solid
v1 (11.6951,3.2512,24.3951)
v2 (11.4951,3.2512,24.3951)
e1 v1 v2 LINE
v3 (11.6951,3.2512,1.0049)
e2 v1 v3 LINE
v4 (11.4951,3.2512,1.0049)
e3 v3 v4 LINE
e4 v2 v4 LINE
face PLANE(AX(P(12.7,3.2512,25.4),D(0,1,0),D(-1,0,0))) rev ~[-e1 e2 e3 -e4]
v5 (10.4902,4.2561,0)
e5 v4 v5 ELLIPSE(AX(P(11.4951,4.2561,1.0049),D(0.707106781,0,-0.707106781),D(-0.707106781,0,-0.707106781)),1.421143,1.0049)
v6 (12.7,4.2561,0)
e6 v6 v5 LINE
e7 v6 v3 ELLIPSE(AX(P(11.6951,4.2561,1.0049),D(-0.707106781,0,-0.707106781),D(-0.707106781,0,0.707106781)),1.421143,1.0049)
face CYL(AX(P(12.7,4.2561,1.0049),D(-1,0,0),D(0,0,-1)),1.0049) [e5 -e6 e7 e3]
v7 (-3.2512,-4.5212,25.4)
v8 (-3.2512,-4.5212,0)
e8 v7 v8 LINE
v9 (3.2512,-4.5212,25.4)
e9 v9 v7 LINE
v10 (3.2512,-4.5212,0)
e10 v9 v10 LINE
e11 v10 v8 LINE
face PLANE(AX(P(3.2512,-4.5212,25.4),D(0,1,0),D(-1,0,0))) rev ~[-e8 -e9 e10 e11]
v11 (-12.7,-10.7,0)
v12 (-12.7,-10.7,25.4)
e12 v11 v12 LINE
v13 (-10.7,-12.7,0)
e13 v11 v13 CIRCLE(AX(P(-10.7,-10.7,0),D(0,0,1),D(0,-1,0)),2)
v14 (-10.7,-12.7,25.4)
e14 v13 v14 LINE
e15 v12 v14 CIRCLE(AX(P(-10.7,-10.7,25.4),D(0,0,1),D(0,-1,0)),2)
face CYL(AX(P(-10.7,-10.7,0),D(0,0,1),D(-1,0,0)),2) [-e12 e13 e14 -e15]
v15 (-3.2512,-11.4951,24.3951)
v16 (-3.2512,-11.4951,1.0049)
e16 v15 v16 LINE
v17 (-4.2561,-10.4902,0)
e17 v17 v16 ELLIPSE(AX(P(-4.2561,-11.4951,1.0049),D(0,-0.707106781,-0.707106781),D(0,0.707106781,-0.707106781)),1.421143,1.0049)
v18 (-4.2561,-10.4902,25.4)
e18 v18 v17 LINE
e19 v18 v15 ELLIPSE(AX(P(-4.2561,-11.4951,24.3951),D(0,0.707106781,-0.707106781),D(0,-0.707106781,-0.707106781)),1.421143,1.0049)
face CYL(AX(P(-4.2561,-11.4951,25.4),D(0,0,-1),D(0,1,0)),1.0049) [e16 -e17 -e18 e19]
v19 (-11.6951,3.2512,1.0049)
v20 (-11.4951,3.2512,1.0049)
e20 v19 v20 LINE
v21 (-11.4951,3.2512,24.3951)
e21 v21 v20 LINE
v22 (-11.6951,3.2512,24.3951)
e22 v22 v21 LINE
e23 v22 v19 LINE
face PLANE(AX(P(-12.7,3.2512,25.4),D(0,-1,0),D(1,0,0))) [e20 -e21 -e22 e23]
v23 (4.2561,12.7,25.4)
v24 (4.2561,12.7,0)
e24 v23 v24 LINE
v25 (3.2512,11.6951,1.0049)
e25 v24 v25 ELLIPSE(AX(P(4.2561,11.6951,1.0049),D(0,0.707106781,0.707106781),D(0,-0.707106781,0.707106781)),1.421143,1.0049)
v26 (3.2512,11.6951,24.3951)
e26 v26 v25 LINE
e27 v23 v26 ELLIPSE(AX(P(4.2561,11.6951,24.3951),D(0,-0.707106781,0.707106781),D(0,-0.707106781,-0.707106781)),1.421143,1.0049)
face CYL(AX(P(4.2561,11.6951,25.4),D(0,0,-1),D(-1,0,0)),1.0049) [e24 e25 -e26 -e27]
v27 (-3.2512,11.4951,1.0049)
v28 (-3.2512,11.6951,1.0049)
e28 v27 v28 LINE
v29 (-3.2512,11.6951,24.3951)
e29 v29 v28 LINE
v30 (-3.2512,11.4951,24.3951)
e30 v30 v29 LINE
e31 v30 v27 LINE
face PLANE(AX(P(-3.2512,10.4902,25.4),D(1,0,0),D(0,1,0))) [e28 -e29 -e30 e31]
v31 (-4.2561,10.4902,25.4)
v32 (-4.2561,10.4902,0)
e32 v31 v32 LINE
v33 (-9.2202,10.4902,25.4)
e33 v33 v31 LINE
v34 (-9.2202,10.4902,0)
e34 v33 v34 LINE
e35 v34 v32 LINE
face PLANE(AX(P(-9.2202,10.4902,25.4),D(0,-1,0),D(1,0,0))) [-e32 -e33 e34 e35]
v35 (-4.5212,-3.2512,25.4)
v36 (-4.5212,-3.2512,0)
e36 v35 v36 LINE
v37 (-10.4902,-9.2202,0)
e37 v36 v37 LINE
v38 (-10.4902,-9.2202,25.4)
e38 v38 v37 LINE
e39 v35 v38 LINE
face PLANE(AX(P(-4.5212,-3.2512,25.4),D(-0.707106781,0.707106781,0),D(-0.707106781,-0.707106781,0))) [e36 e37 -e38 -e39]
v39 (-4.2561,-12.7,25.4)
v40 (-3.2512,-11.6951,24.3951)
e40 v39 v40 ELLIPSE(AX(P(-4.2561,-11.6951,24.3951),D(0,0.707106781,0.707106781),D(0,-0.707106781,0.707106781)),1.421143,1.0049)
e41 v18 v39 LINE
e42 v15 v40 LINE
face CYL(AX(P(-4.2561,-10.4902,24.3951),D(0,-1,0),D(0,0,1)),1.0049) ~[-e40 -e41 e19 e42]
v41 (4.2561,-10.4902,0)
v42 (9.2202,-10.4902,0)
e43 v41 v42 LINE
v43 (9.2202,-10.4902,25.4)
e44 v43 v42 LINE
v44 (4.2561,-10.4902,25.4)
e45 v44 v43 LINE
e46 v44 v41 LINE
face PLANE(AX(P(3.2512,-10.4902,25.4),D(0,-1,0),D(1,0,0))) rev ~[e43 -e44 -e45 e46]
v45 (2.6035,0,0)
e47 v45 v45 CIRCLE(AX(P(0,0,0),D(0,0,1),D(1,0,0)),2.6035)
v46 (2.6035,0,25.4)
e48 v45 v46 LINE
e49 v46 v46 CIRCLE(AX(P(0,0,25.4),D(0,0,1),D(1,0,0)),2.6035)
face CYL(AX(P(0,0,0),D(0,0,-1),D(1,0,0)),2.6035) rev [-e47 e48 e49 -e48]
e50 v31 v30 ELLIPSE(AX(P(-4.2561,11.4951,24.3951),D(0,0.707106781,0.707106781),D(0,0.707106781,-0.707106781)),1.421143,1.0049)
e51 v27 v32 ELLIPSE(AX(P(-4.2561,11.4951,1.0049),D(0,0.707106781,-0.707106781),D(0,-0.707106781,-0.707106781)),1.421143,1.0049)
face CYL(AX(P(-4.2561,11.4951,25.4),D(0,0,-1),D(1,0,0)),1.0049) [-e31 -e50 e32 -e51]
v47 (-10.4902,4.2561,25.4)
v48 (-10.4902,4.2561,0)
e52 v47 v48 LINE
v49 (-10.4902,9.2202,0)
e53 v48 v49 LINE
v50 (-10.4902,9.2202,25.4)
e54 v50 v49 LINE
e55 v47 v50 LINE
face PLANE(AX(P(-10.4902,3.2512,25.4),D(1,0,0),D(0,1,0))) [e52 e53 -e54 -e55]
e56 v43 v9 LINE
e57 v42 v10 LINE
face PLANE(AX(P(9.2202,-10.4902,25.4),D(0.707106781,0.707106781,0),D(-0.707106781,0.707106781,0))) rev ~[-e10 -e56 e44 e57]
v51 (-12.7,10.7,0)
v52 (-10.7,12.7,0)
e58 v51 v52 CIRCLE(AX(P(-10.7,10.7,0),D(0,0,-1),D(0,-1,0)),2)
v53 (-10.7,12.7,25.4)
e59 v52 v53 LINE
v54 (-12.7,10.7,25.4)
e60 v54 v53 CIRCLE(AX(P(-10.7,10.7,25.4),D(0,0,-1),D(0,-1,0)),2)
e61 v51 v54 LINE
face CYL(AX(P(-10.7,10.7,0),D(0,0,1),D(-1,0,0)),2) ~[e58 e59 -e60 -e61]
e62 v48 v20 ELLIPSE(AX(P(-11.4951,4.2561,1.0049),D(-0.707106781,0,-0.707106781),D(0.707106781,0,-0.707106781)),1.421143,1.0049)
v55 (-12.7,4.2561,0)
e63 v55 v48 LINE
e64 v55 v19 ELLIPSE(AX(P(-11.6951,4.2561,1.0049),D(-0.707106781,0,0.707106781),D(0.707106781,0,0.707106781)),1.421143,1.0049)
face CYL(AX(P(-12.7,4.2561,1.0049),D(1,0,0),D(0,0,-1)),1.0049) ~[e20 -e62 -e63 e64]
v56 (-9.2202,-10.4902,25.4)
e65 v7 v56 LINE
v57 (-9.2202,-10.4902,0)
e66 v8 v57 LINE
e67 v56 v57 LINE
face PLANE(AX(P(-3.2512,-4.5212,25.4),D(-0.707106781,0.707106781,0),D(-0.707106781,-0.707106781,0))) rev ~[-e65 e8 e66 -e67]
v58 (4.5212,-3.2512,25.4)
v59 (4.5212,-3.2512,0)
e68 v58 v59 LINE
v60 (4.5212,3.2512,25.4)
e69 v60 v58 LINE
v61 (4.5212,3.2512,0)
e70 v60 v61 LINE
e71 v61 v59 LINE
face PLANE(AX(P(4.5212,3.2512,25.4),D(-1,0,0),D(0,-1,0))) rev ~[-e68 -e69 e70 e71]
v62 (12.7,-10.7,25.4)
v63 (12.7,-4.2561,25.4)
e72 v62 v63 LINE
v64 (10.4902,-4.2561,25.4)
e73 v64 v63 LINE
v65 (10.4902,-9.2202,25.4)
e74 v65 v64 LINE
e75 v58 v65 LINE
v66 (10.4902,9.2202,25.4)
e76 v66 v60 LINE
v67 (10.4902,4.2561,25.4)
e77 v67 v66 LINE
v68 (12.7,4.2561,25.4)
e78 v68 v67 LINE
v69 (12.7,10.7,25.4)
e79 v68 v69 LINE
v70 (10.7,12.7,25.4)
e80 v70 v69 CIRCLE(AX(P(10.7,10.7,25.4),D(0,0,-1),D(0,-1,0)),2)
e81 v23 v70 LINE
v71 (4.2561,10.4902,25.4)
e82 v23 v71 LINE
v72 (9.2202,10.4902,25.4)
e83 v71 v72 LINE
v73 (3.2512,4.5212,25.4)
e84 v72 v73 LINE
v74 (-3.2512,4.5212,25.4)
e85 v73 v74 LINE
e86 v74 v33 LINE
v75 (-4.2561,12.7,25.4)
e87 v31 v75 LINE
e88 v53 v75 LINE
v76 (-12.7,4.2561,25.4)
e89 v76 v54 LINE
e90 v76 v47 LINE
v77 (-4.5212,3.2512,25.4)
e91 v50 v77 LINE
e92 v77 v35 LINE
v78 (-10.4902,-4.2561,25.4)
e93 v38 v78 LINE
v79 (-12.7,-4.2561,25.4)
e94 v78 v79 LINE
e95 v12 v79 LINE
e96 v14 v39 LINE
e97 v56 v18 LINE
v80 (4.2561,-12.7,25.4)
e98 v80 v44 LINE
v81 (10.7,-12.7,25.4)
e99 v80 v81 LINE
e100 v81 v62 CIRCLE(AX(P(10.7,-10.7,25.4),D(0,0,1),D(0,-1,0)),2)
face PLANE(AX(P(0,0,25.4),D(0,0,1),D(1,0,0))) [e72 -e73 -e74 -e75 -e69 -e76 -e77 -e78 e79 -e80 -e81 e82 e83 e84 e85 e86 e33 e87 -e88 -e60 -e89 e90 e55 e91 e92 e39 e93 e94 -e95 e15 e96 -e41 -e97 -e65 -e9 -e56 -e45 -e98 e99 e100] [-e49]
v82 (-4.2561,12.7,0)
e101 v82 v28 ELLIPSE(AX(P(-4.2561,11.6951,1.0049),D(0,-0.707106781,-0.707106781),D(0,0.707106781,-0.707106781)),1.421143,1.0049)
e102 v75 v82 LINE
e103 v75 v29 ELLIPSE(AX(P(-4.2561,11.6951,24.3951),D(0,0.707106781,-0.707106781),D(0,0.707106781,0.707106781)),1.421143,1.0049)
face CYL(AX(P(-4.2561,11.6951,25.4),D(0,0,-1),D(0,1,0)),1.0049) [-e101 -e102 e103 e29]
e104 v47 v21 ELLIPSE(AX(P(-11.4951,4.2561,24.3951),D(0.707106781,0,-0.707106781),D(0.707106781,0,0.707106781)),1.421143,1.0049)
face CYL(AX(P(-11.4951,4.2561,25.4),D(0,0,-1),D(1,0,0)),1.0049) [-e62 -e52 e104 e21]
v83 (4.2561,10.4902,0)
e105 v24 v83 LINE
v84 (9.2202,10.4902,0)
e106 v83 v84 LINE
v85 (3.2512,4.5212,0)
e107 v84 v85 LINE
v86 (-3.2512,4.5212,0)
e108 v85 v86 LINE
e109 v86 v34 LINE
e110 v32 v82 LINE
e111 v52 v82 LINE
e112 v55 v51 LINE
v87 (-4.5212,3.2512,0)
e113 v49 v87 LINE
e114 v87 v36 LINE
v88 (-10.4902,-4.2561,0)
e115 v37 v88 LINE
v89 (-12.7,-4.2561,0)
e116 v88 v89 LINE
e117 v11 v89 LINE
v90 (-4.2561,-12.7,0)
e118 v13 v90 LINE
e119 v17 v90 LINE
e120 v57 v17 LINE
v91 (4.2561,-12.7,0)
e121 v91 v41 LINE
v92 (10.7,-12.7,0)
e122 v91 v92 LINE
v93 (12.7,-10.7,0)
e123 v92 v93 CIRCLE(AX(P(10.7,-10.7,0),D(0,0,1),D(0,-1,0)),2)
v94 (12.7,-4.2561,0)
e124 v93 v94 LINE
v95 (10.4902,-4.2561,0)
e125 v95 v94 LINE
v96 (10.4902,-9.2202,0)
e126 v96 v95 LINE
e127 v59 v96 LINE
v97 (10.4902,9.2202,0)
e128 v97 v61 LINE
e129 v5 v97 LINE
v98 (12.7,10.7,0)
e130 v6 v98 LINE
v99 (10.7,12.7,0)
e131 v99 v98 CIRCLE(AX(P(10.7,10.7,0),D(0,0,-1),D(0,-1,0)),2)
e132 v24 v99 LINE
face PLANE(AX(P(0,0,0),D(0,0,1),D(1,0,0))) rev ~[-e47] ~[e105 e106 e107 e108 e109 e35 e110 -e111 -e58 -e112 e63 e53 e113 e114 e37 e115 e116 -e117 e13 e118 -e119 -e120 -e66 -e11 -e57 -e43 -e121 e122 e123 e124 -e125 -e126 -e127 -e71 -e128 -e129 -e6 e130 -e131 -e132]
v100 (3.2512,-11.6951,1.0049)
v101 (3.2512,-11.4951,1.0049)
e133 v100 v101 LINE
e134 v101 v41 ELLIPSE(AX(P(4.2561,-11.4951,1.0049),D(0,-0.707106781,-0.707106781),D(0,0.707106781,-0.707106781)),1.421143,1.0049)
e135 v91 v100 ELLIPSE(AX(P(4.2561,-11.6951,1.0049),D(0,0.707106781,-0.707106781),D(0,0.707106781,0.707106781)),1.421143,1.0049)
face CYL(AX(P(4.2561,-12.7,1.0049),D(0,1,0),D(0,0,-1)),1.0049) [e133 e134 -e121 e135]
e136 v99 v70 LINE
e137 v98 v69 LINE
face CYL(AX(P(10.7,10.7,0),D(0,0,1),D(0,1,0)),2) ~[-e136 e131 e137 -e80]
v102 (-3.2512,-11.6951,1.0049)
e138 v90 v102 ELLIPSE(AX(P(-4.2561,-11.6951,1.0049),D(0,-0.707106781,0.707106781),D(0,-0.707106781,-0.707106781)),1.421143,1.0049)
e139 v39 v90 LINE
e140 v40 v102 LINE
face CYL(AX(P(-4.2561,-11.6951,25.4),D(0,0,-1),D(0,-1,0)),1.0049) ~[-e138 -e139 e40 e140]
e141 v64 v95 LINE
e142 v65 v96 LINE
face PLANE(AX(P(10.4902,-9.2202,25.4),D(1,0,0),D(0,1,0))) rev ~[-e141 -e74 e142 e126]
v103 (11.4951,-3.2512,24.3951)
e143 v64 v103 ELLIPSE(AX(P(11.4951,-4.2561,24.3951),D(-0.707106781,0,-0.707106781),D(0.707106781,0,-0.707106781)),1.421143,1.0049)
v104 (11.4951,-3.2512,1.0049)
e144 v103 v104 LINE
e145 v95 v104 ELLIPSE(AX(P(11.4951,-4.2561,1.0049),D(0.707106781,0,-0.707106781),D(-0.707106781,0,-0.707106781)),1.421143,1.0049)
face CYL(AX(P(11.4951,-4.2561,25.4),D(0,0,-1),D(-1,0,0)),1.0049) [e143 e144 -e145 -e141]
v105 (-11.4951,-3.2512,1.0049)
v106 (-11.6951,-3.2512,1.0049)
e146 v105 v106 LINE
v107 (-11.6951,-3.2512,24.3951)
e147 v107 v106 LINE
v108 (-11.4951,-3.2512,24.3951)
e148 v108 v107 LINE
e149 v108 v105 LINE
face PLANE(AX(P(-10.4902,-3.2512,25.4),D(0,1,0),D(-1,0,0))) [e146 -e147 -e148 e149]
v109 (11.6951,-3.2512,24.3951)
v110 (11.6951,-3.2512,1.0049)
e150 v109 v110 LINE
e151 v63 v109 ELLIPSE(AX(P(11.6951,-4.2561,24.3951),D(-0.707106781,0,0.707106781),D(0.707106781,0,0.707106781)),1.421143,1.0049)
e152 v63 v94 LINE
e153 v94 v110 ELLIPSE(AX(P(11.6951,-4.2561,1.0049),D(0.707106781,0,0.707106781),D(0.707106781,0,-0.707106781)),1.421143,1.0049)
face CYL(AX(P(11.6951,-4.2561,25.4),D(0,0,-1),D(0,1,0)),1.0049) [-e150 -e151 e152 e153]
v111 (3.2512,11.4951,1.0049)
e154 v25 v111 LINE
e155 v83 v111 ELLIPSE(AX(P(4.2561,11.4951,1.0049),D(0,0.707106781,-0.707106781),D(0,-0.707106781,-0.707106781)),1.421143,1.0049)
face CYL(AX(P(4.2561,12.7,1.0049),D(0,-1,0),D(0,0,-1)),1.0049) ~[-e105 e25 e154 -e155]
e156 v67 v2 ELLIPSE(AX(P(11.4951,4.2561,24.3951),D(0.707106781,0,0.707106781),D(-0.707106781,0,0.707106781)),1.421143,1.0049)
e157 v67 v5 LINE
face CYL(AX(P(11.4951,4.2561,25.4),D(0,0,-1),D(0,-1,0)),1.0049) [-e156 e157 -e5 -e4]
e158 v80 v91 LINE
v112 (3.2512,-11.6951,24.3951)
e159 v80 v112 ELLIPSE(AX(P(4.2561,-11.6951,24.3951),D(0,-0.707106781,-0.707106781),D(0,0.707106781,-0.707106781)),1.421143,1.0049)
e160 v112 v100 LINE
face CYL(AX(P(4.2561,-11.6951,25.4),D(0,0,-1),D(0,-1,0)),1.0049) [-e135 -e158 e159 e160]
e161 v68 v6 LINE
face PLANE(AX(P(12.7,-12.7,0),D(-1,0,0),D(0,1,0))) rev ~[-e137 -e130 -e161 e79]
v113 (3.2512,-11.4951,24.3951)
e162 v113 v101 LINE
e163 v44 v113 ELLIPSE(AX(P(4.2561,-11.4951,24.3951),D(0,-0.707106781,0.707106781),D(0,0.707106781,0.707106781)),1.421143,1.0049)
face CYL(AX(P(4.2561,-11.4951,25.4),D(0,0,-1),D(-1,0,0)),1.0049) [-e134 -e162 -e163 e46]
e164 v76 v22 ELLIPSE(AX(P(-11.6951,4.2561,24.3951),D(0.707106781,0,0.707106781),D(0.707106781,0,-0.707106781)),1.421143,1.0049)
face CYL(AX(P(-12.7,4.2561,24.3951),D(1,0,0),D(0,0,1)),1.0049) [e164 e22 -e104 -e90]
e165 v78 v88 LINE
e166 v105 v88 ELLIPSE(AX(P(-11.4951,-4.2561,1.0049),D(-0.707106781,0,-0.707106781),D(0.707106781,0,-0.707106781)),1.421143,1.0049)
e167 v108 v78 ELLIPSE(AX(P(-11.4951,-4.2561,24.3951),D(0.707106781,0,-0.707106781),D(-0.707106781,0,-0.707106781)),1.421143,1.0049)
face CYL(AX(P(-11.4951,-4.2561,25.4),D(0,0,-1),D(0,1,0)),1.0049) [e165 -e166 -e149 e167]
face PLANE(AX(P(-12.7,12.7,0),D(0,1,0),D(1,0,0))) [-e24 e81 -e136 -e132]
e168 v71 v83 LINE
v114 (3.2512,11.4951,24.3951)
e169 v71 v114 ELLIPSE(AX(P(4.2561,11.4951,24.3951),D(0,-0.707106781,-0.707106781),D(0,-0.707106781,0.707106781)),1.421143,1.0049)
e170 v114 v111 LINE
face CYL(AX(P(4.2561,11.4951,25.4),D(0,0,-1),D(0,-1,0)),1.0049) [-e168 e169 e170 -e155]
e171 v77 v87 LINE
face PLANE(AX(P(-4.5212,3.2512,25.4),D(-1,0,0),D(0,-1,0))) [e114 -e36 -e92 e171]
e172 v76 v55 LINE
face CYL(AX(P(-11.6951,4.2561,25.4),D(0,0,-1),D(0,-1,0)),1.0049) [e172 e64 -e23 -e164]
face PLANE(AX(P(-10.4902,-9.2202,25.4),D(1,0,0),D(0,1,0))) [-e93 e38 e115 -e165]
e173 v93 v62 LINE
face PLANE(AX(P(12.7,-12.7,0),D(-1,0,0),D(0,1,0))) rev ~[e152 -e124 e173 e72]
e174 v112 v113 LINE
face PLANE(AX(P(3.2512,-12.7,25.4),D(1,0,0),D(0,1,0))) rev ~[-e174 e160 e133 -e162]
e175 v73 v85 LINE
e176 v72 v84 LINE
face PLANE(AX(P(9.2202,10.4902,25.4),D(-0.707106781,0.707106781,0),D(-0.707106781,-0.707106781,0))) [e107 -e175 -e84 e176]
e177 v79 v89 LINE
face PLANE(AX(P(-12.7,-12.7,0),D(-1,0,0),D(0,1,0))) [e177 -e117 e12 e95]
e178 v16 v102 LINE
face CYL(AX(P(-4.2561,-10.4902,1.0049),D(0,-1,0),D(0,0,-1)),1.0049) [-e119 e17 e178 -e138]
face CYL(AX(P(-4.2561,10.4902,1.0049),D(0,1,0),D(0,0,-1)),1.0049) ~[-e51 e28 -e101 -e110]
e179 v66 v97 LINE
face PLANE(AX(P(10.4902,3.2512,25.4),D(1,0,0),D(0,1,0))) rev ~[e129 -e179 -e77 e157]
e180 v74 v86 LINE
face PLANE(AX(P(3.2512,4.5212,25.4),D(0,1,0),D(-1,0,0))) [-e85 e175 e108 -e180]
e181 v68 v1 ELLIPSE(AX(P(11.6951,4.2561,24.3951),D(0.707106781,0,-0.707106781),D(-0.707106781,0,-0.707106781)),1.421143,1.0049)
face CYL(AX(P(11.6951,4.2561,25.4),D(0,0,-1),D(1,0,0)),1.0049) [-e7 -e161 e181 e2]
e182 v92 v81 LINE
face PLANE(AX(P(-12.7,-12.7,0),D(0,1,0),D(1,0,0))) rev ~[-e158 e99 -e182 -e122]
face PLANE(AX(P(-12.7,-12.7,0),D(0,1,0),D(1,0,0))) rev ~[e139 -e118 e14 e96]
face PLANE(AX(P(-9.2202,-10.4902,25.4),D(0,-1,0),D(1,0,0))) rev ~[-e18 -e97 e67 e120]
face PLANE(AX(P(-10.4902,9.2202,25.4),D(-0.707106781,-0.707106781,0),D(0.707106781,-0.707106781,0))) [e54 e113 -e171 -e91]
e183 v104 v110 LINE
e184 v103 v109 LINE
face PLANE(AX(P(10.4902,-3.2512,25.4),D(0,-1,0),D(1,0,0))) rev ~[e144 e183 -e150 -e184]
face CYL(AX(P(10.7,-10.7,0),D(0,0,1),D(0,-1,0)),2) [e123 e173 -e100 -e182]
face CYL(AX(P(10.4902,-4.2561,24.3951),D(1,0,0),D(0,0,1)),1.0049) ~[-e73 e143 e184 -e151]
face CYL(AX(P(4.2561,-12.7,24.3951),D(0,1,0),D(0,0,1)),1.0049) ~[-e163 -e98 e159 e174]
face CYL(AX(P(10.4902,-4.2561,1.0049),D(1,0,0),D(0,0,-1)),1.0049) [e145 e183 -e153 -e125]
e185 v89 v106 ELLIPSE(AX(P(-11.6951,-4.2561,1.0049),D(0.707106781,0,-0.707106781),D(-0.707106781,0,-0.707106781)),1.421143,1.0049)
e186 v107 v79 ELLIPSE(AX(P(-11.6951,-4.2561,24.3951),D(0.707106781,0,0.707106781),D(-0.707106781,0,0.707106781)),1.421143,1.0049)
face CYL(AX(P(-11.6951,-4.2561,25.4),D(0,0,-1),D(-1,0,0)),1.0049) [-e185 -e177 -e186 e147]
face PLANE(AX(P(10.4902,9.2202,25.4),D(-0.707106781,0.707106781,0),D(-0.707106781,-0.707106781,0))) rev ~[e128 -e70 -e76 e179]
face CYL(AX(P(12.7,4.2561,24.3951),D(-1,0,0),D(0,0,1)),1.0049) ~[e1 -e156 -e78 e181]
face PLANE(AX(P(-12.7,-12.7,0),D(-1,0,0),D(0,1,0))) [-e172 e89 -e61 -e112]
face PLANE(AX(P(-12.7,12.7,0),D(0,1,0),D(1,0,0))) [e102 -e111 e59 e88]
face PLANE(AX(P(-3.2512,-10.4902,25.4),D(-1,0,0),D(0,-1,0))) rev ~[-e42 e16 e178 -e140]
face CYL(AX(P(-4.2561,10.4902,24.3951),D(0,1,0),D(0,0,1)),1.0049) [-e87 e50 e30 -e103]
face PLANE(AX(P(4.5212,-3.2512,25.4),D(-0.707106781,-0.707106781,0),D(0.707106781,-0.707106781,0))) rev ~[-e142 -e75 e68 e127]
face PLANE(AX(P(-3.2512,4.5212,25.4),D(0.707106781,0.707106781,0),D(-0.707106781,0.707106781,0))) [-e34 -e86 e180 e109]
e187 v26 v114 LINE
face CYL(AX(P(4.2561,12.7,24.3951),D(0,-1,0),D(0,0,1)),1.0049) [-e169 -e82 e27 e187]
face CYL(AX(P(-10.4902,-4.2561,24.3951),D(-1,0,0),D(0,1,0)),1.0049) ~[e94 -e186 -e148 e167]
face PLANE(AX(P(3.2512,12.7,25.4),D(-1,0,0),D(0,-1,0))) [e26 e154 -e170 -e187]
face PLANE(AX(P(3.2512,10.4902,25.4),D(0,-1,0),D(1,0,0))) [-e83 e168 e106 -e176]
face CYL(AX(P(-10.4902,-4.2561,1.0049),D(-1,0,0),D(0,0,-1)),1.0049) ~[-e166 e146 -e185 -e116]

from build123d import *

# Parameters (mm, degrees)
SKETCH_W     = 25.4
SKETCH_H     = 25.4
SKETCH_R     = 2.6035
PAD_DEPTH    = 25.4
POCKET_DEPTH = 25.401
FILLET_R     = 1.0049
FILLET001_R  = 2


with BuildPart() as part:
    # Sketch → Pad (new body)
    with BuildSketch(Plane.XY):
        Rectangle(SKETCH_W, SKETCH_H)
        Circle(SKETCH_R, mode=Mode.SUBTRACT)
    extrude(amount=PAD_DEPTH)

    # Sketch001 (on Face7 of Pad) → Pocket (cut, through all)
    with BuildSketch(Plane.XY.offset(25.4)):
        Polygon((-3.2512, 12.7), (3.2512, 12.7), (3.2512, 10.4902), (9.2202, 10.4902), (3.2512, 4.5212), (-3.2512, 4.5212), (-9.2202, 10.4902), (-3.2512, 10.4902), align=None)
        Polygon((-4.5212, 3.2512), (-4.5212, -3.2512), (-10.4902, -9.2202), (-10.4902, -3.2512), (-12.7, -3.2512), (-12.7, 3.2512), (-10.4902, 3.2512), (-10.4902, 9.2202), align=None)
        Polygon((4.5212, 3.2512), (4.5212, -3.2512), (10.4902, -9.2202), (10.4902, -3.2512), (12.7, -3.2512), (12.7, 3.2512), (10.4902, 3.2512), (10.4902, 9.2202), align=None)
        Polygon((3.2512, -4.5212), (-3.2512, -4.5212), (-9.2202, -10.4902), (-3.2512, -10.4902), (-3.2512, -12.7), (3.2512, -12.7), (3.2512, -10.4902), (9.2202, -10.4902), align=None)
    extrude(amount=-POCKET_DEPTH, mode=Mode.SUBTRACT)

    # Fillet
    fillet_edges = [part.edges().sort_by_distance(p)[0] for p in [
        (-11.5951, 3.2512, 25.4),
        (-10.4902, 3.2512, 12.7),
        (-11.5951, 3.2512, 0),
        (-12.7, 3.2512, 12.7),
        (11.5951, 3.2512, 25.4),
        (10.4902, 3.2512, 12.7),
        (11.5951, 3.2512, 0),
        (12.7, 3.2512, 12.7),
        (11.5951, -3.2512, 25.4),
        (10.4902, -3.2512, 12.7),
        (11.5951, -3.2512, 0),
        (12.7, -3.2512, 12.7),
        (-11.5951, -3.2512, 25.4),
        (-10.4902, -3.2512, 12.7),
        (-11.5951, -3.2512, 0),
        (-12.7, -3.2512, 12.7),
        (-3.2512, 11.5951, 25.4),
        (-3.2512, 10.4902, 12.7),
        (-3.2512, 11.5951, 0),
        (-3.2512, 12.7, 12.7),
        (3.2512, 11.5951, 25.4),
        (3.2512, 10.4902, 12.7),
        (3.2512, 11.5951, 0),
        (3.2512, 12.7, 12.7),
        (-3.2512, -11.5951, 25.4),
        (-3.2512, -10.4902, 12.7),
        (-3.2512, -11.5951, 0),
        (-3.2512, -12.7, 12.7),
        (3.2512, -11.5951, 25.4),
        (3.2512, -10.4902, 12.7),
        (3.2512, -11.5951, 0),
        (3.2512, -12.7, 12.7),
    ]]
    fillet(fillet_edges, radius=FILLET_R)

    # Fillet001
    fillet001_edges = [part.edges().sort_by_distance(p)[0] for p in [
        (12.7, -12.7, 12.7),
        (12.7, 12.7, 12.7),
        (-12.7, -12.7, 12.7),
        (-12.7, 12.7, 12.7),
    ]]
    fillet(fillet001_edges, radius=FILLET001_R)


solid = part.part
